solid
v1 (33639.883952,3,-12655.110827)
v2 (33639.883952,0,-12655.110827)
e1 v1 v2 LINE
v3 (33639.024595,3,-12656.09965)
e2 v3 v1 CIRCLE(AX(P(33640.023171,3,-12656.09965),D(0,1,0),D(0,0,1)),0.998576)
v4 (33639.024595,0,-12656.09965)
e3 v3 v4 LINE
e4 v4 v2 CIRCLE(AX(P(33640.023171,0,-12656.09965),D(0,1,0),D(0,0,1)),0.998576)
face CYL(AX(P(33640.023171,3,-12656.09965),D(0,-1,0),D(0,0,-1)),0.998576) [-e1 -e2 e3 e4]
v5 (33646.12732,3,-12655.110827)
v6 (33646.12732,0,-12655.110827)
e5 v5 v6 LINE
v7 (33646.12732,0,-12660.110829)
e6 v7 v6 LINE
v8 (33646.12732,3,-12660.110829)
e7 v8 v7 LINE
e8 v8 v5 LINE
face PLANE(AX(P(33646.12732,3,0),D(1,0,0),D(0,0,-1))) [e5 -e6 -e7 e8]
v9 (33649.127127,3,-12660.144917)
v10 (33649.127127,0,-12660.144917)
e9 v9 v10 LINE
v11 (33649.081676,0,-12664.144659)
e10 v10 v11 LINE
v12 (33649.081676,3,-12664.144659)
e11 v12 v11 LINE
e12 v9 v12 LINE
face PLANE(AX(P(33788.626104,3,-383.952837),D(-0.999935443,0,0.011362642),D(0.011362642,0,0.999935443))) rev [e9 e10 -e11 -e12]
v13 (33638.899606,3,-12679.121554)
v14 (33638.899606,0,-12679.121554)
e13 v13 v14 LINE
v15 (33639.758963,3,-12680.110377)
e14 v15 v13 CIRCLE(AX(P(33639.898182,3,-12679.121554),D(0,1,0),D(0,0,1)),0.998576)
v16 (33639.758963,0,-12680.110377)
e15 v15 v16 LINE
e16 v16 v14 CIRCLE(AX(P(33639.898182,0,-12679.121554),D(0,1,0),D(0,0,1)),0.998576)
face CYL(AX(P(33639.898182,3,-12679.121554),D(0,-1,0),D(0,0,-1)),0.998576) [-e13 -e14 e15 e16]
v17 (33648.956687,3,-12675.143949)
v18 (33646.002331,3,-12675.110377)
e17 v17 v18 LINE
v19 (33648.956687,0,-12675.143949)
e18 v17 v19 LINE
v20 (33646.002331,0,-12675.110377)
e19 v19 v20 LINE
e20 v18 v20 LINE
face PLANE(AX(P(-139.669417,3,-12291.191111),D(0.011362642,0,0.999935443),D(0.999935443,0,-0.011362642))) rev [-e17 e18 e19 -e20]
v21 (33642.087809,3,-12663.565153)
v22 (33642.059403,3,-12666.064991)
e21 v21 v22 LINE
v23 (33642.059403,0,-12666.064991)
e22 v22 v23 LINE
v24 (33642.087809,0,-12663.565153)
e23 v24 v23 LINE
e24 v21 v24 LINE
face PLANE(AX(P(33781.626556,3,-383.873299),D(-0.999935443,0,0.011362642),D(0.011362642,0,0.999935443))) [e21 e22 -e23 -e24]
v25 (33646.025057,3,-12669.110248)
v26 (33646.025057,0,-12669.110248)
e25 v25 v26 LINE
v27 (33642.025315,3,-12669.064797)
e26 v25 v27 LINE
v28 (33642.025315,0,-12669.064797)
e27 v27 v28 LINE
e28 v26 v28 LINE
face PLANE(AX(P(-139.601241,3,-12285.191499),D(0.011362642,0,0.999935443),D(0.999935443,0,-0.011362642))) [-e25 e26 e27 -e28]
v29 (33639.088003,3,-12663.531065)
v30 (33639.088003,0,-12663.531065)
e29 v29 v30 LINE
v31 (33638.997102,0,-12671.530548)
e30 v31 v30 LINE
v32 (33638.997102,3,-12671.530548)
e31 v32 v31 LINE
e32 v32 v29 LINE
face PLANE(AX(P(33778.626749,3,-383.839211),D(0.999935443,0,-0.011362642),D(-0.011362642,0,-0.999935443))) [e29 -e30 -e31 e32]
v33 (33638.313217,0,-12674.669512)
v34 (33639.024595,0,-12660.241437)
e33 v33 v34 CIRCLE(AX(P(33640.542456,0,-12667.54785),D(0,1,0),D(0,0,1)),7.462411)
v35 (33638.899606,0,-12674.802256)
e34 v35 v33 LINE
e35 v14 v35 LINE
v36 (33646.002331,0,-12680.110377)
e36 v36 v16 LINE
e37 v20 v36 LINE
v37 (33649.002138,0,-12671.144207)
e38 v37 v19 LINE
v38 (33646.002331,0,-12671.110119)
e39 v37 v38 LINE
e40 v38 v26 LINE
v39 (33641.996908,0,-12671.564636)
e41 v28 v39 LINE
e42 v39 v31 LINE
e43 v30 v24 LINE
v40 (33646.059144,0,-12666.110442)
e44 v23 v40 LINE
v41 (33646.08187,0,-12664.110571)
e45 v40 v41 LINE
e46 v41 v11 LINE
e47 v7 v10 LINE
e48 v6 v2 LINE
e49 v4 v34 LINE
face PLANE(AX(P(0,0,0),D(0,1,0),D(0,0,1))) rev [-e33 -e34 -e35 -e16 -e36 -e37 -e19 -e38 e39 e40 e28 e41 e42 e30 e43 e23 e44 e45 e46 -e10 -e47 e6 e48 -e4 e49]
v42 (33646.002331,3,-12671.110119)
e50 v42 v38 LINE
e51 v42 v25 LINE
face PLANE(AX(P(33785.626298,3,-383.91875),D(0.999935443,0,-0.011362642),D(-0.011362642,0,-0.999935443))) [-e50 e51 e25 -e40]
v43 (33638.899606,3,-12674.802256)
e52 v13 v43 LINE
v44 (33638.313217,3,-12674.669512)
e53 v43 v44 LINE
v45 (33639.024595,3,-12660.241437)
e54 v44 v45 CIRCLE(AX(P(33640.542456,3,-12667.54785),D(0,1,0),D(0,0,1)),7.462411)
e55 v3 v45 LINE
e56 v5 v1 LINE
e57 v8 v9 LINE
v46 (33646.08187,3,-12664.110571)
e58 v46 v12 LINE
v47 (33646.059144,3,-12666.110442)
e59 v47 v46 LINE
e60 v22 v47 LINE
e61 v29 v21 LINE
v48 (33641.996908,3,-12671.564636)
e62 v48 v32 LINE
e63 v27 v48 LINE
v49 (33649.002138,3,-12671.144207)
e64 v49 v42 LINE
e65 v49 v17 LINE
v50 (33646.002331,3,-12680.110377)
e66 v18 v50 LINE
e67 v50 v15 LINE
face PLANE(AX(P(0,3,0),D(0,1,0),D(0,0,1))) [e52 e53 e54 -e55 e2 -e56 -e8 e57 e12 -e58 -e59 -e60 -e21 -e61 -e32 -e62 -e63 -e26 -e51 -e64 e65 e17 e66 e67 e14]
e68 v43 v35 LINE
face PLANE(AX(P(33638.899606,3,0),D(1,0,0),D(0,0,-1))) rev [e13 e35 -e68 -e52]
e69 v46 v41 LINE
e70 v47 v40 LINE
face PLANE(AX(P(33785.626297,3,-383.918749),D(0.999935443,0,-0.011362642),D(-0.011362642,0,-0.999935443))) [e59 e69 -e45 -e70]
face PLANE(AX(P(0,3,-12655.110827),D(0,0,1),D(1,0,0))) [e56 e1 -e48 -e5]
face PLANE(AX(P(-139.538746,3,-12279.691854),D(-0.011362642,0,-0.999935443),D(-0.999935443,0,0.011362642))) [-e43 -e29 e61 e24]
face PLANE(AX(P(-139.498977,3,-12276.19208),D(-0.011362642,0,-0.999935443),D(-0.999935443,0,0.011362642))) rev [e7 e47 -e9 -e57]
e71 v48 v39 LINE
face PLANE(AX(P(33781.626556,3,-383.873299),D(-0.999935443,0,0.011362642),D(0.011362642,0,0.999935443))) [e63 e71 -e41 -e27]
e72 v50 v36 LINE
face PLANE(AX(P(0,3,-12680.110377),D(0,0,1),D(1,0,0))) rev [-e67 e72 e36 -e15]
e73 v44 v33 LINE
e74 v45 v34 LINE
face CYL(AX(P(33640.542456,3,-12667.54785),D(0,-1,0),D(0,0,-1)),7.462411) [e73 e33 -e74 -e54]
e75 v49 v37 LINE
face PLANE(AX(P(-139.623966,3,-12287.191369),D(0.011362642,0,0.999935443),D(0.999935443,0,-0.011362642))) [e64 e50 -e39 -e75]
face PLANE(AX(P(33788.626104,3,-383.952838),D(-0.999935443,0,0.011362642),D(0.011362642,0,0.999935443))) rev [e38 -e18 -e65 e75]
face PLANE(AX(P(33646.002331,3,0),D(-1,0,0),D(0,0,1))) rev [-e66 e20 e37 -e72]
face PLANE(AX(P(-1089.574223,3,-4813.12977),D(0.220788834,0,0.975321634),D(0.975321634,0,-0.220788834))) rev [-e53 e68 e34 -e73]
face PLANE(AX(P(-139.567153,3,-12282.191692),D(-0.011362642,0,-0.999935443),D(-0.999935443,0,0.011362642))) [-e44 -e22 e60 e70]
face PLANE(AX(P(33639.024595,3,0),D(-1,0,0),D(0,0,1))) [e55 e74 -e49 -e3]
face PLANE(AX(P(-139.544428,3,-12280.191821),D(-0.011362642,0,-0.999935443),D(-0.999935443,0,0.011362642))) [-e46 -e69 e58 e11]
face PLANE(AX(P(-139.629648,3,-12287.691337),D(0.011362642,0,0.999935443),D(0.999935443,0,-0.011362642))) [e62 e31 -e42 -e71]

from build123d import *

# Parameters (mm, degrees)
SALIENTE_EXTRUIR1_DEPTH = 3


with BuildPart() as part:
    # Croquis1 → Saliente-Extruir1 (new body)
    with BuildSketch(Plane(origin=(0, 0, 0), x_dir=(1, 0, 0), z_dir=(0, 1, 0))):
        with BuildLine():
            Line((33638.899606001, 12674.802256187), (33638.31321683, 12674.669512098))
            ThreePointArc((33638.31321683, 12674.669512098), (33633.089099042, 12667.180361564), (33639.024595085, 12660.24143736))
            Line((33639.024595085, 12660.24143736), (33639.024595085, 12656.099650441))
            ThreePointArc((33639.024595085, 12656.099650441), (33639.269455485, 12655.444618543), (33639.883952447, 12655.11082686))
            Line((33639.883952447, 12655.11082686), (33646.127320324, 12655.11082686))
            Line((33646.127320324, 12655.11082686), (33646.127126628, 12660.11082686))
            Line((33646.127126628, 12660.11082686), (33649.127126628, 12660.144916986))
            Line((33649.127126628, 12660.144916986), (33649.081676061, 12664.144658758))
            Line((33649.081676061, 12664.144658758), (33646.081869732, 12664.110570833))
            Line((33646.081869732, 12664.110570833), (33646.059144449, 12666.11044172))
            Line((33646.059144449, 12666.11044172), (33642.059402676, 12666.064991153))
            Line((33642.059402676, 12666.064991153), (33642.087809281, 12663.565152545))
            Line((33642.087809281, 12663.565152545), (33639.088002951, 12663.53106462))
            Line((33639.088002951, 12663.53106462), (33639.059596347, 12666.030903228))
            Line((33639.059596347, 12666.030903228), (33639.025508422, 12669.030709557))
            Line((33639.025508422, 12669.030709557), (33638.997101818, 12671.530548165))
            Line((33638.997101818, 12671.530548165), (33641.996908147, 12671.56463609))
            Line((33641.996908147, 12671.56463609), (33642.025314751, 12669.064797482))
            Line((33642.025314751, 12669.064797482), (33646.025056524, 12669.110248049))
            Line((33646.025056524, 12669.110248049), (33646.00233124, 12671.110118935))
            Line((33646.00233124, 12671.110118935), (33649.00213757, 12671.14420686))
            Line((33649.00213757, 12671.14420686), (33648.956687003, 12675.143948633))
            Line((33648.956687003, 12675.143948633), (33646.00233124, 12675.110377179))
            Line((33646.00233124, 12675.110377179), (33646.00233124, 12680.110377179))
            Line((33646.00233124, 12680.110377179), (33639.758963363, 12680.110377179))
            ThreePointArc((33639.758963363, 12680.110377179), (33639.144466402, 12679.776585497), (33638.899606001, 12679.121553599))
            Line((33638.899606001, 12679.121553599), (33638.899606001, 12674.802256187))
        make_face()
    extrude(amount=SALIENTE_EXTRUIR1_DEPTH)


solid = part.part
